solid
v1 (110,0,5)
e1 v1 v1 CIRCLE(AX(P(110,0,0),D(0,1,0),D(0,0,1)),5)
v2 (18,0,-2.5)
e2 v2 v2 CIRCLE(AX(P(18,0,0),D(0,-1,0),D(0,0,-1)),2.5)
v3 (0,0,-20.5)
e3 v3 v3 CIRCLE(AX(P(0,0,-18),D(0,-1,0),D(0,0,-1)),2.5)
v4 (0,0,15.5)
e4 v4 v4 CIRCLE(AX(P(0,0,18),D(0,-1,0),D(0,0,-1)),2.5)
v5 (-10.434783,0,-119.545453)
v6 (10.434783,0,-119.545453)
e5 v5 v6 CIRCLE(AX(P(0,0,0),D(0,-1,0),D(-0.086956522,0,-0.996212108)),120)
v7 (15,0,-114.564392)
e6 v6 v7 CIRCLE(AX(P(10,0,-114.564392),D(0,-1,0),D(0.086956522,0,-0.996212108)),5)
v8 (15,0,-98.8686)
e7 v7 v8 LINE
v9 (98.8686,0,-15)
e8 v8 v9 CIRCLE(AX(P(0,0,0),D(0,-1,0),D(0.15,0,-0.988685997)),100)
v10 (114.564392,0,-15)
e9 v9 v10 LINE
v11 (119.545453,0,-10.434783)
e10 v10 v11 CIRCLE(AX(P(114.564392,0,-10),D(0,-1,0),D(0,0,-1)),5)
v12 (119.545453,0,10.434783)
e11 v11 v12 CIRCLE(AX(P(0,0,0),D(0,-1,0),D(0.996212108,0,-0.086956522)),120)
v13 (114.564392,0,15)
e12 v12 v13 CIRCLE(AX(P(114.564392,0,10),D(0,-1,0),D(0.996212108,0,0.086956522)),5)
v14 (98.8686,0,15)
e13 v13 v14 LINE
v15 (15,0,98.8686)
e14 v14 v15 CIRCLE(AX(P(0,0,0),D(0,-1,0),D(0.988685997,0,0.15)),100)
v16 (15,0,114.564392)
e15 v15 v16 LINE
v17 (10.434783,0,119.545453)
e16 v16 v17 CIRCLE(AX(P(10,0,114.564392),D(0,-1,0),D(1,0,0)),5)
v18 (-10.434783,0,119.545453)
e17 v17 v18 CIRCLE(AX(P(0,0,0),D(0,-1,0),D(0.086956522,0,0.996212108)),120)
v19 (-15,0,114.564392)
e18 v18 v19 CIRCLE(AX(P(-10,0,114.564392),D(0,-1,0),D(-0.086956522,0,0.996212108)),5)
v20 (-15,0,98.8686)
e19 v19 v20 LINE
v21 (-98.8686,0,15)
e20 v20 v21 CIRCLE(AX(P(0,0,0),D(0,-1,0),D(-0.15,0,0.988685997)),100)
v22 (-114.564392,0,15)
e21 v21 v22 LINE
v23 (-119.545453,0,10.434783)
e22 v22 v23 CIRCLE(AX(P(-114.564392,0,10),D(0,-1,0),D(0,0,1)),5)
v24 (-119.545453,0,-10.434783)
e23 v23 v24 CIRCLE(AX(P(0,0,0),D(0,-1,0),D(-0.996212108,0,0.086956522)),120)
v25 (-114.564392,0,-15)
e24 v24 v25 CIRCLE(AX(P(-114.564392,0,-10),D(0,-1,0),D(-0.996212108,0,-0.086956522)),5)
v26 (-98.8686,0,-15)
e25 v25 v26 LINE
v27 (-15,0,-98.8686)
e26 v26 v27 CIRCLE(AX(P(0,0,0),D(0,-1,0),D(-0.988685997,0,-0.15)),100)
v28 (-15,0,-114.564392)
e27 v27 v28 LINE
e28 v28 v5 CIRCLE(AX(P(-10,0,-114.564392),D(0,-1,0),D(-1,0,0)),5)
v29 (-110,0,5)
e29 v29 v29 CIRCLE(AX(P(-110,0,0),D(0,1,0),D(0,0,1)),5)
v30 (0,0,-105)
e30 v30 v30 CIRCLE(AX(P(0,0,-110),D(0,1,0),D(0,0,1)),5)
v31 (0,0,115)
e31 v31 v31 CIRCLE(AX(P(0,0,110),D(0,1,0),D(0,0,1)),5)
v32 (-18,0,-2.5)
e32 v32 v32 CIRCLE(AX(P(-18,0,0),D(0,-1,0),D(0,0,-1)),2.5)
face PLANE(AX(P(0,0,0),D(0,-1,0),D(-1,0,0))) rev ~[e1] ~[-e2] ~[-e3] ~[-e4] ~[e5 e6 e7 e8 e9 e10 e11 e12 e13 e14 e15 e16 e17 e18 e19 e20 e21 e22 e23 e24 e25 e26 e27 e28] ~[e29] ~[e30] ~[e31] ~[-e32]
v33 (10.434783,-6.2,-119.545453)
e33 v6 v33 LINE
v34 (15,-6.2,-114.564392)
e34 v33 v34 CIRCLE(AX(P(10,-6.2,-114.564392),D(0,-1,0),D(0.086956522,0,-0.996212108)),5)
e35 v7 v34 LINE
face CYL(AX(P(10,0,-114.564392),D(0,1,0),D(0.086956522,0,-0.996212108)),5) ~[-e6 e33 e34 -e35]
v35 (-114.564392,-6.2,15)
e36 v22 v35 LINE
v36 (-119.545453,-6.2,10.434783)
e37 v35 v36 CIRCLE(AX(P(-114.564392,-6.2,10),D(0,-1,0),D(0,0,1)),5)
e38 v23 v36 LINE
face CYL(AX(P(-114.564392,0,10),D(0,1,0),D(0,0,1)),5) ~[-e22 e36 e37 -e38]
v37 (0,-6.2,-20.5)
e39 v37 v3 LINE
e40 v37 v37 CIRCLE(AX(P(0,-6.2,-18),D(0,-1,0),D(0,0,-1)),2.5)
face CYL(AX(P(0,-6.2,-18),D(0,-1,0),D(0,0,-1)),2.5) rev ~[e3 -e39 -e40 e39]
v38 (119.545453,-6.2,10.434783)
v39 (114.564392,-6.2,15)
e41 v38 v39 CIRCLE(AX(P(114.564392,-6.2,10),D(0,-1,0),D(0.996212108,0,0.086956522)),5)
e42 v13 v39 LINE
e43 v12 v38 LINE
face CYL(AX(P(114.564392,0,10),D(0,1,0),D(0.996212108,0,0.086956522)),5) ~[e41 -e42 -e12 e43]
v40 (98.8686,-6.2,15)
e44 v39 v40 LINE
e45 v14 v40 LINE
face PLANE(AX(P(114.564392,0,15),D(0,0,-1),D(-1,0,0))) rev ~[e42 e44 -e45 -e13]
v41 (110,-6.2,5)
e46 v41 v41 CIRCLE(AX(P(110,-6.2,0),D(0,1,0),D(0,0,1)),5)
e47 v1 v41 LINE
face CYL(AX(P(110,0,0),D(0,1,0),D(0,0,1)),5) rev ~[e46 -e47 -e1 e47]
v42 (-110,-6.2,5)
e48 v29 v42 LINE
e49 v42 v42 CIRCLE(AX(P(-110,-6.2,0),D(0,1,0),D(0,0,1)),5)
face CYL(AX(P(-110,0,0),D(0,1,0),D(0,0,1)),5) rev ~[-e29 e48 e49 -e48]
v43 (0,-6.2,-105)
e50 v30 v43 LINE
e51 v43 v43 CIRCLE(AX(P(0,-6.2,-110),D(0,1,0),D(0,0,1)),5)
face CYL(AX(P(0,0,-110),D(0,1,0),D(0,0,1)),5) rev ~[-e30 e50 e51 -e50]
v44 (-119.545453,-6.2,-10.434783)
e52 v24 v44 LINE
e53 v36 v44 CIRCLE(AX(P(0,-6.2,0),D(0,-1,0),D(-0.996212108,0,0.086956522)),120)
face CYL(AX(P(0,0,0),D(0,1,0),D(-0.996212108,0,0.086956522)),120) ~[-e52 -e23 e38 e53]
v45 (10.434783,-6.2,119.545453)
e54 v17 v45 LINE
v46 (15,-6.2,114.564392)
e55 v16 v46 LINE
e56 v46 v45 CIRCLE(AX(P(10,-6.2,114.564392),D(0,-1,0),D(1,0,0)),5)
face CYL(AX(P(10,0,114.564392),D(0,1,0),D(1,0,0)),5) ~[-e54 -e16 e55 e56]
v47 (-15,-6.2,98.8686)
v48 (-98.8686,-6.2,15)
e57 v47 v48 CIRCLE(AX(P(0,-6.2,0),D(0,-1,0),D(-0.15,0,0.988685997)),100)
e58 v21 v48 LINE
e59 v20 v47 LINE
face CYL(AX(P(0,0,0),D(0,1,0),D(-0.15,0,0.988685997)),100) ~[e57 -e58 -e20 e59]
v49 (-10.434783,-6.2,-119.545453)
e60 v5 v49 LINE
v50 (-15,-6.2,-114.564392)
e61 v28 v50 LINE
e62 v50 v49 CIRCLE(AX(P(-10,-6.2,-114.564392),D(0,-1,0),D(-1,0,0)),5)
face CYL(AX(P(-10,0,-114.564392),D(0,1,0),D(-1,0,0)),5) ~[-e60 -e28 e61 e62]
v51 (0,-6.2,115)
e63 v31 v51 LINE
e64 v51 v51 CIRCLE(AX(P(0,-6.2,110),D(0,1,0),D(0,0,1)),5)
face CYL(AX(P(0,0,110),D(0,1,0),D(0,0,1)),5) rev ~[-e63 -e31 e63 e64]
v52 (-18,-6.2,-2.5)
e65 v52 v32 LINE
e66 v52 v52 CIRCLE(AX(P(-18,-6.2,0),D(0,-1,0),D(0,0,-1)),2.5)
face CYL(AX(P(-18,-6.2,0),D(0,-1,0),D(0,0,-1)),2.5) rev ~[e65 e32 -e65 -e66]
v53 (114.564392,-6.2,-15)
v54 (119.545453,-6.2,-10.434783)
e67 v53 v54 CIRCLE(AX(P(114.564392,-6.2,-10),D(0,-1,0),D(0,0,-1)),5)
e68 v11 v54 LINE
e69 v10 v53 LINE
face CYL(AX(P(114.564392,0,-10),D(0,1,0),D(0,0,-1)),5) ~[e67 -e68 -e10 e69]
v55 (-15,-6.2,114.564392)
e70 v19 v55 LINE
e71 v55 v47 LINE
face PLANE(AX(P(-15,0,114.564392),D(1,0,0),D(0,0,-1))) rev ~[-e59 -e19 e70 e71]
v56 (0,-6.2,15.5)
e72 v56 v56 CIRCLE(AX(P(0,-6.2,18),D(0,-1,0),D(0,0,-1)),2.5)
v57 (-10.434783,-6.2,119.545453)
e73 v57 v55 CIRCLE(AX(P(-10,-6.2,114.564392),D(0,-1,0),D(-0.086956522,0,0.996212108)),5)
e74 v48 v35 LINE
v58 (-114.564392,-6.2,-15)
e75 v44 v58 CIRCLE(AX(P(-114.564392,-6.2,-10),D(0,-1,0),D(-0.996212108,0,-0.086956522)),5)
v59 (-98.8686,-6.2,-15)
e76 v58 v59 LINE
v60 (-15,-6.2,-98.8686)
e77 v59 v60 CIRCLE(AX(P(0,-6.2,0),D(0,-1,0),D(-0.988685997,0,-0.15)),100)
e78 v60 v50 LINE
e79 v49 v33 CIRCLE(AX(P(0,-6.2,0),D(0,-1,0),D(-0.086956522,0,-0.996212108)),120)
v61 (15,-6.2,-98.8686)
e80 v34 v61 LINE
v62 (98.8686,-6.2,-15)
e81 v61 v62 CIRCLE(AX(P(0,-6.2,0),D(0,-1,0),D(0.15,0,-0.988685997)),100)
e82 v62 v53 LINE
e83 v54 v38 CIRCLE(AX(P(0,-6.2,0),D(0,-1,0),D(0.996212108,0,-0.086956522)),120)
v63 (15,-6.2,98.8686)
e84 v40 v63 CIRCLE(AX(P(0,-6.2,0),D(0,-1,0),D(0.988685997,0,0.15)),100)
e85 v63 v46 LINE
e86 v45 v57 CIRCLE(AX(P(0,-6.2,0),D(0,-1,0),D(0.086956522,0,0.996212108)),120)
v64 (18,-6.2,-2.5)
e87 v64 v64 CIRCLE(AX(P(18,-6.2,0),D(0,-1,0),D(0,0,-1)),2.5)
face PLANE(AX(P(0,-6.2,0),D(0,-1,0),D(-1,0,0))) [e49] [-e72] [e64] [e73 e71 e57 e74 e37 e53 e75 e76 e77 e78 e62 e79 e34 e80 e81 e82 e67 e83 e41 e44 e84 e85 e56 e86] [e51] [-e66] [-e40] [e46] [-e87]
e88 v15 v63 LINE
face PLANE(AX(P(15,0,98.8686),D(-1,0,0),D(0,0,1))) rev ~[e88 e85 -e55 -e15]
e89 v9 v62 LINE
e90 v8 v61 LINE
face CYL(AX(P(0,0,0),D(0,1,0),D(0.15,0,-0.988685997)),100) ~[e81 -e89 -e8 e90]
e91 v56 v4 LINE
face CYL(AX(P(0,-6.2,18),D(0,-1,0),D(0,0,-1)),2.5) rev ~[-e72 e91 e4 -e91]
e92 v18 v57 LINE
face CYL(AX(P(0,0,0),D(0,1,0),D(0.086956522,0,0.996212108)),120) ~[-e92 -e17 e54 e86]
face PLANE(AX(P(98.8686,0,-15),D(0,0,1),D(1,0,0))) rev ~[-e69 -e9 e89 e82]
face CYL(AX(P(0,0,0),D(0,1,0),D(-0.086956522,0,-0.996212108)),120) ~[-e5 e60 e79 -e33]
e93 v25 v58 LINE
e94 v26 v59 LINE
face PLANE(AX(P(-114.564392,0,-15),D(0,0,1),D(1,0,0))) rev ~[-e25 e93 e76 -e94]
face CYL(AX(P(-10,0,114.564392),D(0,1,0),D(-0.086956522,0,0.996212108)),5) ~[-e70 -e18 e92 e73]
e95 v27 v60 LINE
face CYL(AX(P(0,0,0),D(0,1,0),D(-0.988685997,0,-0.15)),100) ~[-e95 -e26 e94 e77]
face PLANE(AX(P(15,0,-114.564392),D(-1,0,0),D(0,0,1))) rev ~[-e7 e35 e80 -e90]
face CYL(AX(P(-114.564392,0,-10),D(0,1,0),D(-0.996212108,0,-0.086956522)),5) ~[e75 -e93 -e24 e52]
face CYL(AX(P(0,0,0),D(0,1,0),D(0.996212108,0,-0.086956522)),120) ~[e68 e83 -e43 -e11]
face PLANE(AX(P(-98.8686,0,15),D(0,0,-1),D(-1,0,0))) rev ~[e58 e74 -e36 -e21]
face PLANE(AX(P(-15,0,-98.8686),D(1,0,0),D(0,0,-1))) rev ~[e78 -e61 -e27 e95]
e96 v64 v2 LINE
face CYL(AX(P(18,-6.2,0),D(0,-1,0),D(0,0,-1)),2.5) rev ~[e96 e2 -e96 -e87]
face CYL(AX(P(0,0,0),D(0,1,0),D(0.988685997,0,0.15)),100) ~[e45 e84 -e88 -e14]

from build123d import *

# Parameters (mm, degrees)
SKETCH1_R           = 5
BOSS_EXTRUDE1_DEPTH = 6.2
CUT_EXTRUDE1_REACH  = 171.819
SKETCH2_R           = 2.5


with BuildPart() as part:
    # Sketch1 → Boss-Extrude1 (new body)
    with BuildSketch(Plane(origin=(0, 0, 0), x_dir=(1, 0, 0), z_dir=(0, 1, 0))):
        with BuildLine():
            Line((-15, -114.564392374), (-15, -98.868599666))
            ThreePointArc((-15, -98.868599666), (-70.710678119, -70.710678119), (-98.868599666, -15))
            Line((-98.868599666, -15), (-114.564392374, -15))
            ThreePointArc((-114.564392374, -15), (-117.942711997, -13.686048904), (-119.545452912, -10.434782609))
            ThreePointArc((-119.545452912, -10.434782609), (-120, 0), (-119.545452912, 10.434782609))
            ThreePointArc((-119.545452912, 10.434782609), (-117.942711997, 13.686048904), (-114.564392374, 15))
            Line((-114.564392374, 15), (-98.868599666, 15))
            ThreePointArc((-98.868599666, 15), (-70.710678119, 70.710678119), (-15, 98.868599666))
            Line((-15, 98.868599666), (-15, 114.564392374))
            ThreePointArc((-15, 114.564392374), (-13.686048904, 117.942711997), (-10.434782609, 119.545452912))
            ThreePointArc((-10.434782609, 119.545452912), (0, 120), (10.434782609, 119.545452912))
            ThreePointArc((10.434782609, 119.545452912), (13.686048904, 117.942711997), (15, 114.564392374))
            Line((15, 114.564392374), (15, 98.868599666))
            ThreePointArc((15, 98.868599666), (70.710678119, 70.710678119), (98.868599666, 15))
            Line((98.868599666, 15), (114.564392374, 15))
            ThreePointArc((114.564392374, 15), (117.942711997, 13.686048904), (119.545452912, 10.434782609))
            ThreePointArc((119.545452912, 10.434782609), (120, 0), (119.545452912, -10.434782609))
            ThreePointArc((119.545452912, -10.434782609), (117.942711997, -13.686048904), (114.564392374, -15))
            Line((114.564392374, -15), (98.868599666, -15))
            ThreePointArc((98.868599666, -15), (70.710678119, -70.710678119), (15, -98.868599666))
            Line((15, -98.868599666), (15, -114.564392374))
            ThreePointArc((15, -114.564392374), (13.686048904, -117.942711997), (10.434782609, -119.545452912))
            ThreePointArc((10.434782609, -119.545452912), (0, -120), (-10.434782609, -119.545452912))
            ThreePointArc((-10.434782609, -119.545452912), (-13.686048904, -117.942711997), (-15, -114.564392374))
        make_face()
        with Locations(Location((0, -110, 0), (0, 0, 270))):
            Circle(SKETCH1_R, mode=Mode.SUBTRACT)
        with Locations(Location((-110, 0, 0), (0, 0, 270))):
            Circle(SKETCH1_R, mode=Mode.SUBTRACT)
        with Locations(Location((0, 110, 0), (0, 0, 270))):
            Circle(SKETCH1_R, mode=Mode.SUBTRACT)
        with Locations(Location((110, 0, 0), (0, 0, 270))):
            Circle(SKETCH1_R, mode=Mode.SUBTRACT)
    extrude(amount=-BOSS_EXTRUDE1_DEPTH)

    # Sketch2 → Cut-Extrude1 (cut, up to next)
    with BuildSketch(Plane.XZ.offset(6.2), mode=Mode.PRIVATE) as cut_extrude1_sk1:
        with Locations(Location((18, 0, 0), (0, 0, 270))):
            Circle(SKETCH2_R)
    cut_extrude1_tool1 = extrude(cut_extrude1_sk1.sketch, amount=-CUT_EXTRUDE1_REACH, mode=Mode.PRIVATE) & part.part
    # Sketch2 → Cut-Extrude1 (cut, up to next)
    with BuildSketch(Plane.XZ.offset(6.2), mode=Mode.PRIVATE) as cut_extrude1_sk2:
        with Locations(Location((0, -18, 0), (0, 0, 270))):
            Circle(SKETCH2_R)
    cut_extrude1_tool2 = extrude(cut_extrude1_sk2.sketch, amount=-CUT_EXTRUDE1_REACH, mode=Mode.PRIVATE) & part.part
    # Sketch2 → Cut-Extrude1 (cut, up to next)
    with BuildSketch(Plane.XZ.offset(6.2), mode=Mode.PRIVATE) as cut_extrude1_sk3:
        with Locations(Location((-18, 0, 0), (0, 0, 270))):
            Circle(SKETCH2_R)
    cut_extrude1_tool3 = extrude(cut_extrude1_sk3.sketch, amount=-CUT_EXTRUDE1_REACH, mode=Mode.PRIVATE) & part.part
    # Sketch2 → Cut-Extrude1 (cut, up to next)
    with BuildSketch(Plane.XZ.offset(6.2), mode=Mode.PRIVATE) as cut_extrude1_sk4:
        with Locations(Location((0, 18, 0), (0, 0, 270))):
            Circle(SKETCH2_R)
    cut_extrude1_tool4 = extrude(cut_extrude1_sk4.sketch, amount=-CUT_EXTRUDE1_REACH, mode=Mode.PRIVATE) & part.part
    add(cut_extrude1_tool1.solids().sort_by_distance((18, -6.2, 0))[0], mode=Mode.SUBTRACT)
    add(cut_extrude1_tool2.solids().sort_by_distance((0, -6.2, -18))[0], mode=Mode.SUBTRACT)
    add(cut_extrude1_tool3.solids().sort_by_distance((-18, -6.2, 0))[0], mode=Mode.SUBTRACT)
    add(cut_extrude1_tool4.solids().sort_by_distance((0, -6.2, 18))[0], mode=Mode.SUBTRACT)


solid = part.part
